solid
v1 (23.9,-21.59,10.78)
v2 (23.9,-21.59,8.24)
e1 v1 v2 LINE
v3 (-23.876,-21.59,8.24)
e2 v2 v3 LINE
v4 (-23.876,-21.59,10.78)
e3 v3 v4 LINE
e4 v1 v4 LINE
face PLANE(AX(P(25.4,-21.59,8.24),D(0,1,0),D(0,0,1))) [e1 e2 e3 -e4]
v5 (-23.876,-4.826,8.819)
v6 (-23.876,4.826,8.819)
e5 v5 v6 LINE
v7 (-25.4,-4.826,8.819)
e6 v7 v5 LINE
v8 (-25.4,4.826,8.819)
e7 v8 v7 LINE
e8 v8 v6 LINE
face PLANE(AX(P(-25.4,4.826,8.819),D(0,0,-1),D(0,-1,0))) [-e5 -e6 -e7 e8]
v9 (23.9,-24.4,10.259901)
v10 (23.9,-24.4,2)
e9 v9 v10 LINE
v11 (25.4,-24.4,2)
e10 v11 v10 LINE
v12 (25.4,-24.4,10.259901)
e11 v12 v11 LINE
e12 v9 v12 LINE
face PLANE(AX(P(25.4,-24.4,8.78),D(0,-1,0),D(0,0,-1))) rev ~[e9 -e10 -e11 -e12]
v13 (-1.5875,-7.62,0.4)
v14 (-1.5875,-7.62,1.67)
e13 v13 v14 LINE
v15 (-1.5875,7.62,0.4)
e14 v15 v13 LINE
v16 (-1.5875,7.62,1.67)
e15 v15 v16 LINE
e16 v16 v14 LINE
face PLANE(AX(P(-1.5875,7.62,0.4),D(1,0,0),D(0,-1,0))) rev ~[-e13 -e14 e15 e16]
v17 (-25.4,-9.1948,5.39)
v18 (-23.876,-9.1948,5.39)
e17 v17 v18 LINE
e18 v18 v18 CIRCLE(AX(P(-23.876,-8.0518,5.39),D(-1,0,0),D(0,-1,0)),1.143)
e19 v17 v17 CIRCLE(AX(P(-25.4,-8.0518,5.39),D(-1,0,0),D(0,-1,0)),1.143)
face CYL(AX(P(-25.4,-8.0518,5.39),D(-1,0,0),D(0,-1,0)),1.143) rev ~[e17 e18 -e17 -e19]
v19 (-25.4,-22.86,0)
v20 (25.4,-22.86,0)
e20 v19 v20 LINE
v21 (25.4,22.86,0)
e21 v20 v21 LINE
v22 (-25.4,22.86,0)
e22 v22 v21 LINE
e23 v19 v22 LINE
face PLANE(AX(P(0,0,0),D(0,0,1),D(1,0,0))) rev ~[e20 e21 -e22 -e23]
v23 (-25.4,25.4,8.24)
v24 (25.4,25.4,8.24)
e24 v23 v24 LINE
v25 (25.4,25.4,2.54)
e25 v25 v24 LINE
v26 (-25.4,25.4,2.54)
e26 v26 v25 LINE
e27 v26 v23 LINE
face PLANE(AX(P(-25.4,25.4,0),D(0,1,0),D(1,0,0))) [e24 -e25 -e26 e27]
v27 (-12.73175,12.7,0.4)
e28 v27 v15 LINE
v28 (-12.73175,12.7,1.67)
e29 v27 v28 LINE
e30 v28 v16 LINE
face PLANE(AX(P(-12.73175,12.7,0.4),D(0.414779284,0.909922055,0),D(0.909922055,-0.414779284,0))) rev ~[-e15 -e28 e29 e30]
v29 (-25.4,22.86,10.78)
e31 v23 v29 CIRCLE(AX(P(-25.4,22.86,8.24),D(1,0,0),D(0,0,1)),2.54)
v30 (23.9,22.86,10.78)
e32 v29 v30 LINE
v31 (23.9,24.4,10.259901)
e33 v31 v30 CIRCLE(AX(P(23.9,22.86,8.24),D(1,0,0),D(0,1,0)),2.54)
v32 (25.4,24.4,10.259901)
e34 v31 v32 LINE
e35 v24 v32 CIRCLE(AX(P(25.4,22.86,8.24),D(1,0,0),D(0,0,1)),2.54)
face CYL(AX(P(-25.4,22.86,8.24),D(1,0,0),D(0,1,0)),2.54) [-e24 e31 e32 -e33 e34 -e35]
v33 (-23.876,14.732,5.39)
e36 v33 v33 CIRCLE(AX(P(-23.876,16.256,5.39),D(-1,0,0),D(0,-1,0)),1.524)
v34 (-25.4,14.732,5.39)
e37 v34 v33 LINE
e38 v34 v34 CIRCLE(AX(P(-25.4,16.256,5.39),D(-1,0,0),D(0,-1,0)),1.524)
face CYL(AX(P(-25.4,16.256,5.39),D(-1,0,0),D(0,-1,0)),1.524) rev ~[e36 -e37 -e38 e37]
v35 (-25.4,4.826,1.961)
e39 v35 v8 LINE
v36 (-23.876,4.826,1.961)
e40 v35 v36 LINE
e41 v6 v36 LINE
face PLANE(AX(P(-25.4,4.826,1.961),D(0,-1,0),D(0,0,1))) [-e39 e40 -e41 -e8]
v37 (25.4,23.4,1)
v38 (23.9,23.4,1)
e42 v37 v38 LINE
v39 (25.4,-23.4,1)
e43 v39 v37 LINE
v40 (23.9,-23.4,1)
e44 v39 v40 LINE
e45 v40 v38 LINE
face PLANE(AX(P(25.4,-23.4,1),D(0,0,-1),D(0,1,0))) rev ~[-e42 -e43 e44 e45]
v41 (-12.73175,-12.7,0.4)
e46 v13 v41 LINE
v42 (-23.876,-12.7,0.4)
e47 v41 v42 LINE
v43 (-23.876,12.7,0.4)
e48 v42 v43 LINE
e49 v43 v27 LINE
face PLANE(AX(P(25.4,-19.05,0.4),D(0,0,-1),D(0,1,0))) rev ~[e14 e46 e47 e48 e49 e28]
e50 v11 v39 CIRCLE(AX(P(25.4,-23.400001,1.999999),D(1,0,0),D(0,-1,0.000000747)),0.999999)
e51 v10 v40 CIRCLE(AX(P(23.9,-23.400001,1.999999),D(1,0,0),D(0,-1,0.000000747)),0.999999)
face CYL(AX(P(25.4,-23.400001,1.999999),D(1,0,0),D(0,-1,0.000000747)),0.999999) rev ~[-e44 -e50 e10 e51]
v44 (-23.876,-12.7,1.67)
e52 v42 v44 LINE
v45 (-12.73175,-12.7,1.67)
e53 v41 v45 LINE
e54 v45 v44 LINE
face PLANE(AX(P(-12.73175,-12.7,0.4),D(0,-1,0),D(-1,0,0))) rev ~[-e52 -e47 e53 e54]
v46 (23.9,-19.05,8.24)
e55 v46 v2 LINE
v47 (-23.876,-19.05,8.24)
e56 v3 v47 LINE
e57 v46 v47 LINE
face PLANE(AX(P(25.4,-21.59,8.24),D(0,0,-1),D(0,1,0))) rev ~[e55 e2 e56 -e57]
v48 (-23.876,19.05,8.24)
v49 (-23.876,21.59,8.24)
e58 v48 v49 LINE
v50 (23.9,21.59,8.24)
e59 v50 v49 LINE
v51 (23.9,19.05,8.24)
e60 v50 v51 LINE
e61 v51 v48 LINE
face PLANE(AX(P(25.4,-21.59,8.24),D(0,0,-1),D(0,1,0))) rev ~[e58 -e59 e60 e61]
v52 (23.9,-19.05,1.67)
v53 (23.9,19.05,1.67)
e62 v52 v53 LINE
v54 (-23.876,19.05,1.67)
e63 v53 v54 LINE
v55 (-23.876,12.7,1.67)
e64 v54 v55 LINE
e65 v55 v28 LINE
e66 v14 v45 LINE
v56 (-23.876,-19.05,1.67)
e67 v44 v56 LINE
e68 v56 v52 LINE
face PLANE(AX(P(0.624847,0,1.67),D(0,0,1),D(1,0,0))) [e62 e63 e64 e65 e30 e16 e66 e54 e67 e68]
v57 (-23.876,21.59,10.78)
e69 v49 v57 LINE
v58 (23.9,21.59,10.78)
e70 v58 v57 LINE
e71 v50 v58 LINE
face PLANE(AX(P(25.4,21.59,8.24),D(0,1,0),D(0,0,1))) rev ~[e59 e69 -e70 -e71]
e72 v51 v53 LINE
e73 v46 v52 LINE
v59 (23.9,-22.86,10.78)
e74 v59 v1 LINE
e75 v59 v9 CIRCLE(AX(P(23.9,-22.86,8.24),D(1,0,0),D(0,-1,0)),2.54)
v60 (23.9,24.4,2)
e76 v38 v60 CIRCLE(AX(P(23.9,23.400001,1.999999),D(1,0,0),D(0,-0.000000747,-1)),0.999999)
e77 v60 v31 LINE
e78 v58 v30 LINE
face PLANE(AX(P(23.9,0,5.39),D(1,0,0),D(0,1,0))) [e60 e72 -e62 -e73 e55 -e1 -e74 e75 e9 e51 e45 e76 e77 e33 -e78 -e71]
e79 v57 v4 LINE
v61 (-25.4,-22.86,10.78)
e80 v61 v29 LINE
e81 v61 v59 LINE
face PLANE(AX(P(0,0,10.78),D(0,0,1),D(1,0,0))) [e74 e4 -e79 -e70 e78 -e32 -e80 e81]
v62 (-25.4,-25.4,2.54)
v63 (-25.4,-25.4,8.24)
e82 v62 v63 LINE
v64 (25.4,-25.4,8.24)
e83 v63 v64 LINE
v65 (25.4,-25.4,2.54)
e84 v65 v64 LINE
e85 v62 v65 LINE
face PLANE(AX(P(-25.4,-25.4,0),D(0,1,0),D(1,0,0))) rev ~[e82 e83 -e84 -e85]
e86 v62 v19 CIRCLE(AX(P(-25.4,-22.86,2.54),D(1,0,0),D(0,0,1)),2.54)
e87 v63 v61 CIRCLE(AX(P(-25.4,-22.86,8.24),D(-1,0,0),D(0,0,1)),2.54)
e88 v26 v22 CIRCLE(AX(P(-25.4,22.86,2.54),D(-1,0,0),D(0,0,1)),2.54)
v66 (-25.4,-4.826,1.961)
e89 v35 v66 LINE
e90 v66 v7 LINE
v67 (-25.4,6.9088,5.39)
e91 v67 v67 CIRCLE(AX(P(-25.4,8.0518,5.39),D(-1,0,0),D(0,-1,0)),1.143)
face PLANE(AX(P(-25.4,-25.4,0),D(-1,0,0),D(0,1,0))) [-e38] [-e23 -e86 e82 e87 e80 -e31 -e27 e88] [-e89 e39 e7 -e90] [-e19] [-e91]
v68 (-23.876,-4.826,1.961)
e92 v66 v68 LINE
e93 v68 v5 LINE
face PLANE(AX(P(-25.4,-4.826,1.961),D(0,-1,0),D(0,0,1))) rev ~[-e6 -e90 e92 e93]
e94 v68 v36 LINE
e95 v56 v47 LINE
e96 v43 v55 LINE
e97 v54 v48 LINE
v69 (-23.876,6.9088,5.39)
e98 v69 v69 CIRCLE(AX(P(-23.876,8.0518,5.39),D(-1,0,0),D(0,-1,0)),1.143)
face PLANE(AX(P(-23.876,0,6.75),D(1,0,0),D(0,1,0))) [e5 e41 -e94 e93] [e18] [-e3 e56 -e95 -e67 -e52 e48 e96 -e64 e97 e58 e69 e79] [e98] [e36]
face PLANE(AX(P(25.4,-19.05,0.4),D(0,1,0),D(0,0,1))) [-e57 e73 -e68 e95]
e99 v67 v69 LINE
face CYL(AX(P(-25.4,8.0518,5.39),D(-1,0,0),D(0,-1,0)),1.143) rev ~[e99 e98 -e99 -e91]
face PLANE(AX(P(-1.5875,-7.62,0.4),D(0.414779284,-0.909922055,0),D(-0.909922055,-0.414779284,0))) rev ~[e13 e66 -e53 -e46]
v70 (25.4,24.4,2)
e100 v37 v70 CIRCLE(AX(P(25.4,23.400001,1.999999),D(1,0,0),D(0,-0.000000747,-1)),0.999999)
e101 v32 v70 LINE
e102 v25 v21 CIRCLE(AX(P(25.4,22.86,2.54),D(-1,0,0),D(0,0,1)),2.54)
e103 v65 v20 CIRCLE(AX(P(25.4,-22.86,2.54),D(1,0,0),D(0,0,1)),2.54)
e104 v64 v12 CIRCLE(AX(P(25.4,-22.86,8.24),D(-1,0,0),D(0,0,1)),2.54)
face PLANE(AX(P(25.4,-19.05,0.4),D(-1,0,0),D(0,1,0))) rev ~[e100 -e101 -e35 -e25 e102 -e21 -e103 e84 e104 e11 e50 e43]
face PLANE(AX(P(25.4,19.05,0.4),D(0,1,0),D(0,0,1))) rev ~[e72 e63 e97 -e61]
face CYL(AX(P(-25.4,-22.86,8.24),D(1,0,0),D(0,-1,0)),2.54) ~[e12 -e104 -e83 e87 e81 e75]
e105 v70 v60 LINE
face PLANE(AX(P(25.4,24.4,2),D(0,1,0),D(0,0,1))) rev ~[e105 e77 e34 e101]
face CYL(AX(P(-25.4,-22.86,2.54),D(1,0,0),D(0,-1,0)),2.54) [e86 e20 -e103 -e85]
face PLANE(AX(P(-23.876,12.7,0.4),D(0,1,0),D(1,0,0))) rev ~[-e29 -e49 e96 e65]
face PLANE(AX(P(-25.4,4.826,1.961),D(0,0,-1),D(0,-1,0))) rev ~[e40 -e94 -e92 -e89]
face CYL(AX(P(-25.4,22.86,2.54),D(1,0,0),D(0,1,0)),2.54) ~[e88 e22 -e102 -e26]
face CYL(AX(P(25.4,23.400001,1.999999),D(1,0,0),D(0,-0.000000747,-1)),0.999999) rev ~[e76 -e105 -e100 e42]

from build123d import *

# Parameters (mm, degrees)
F0_W      = 50.8
F0_H      = 50.8
F1_DEPTH  = 10.78
F2_R      = 2.54
F3_W      = 38.1
F3_H      = 12.7
F4_DEPTH  = 49.276
F5_W      = 9.652
F5_H      = 6.858
F5_R      = 1.524
F5_R_2    = 1.143
F6_DEPTH  = 1.778
F8_DEPTH  = 1.27
F9_W      = 43.18
F9_H      = 2.54
F10_DEPTH = 49.276
F12_DEPTH = 1.5
F13_W     = 2.81
F13_H     = 2.54
F14_DEPTH = 1.5
F15_W     = 2.81
F15_H     = 2.54
F16_DEPTH = 1.5


with BuildPart() as f1:
    # F0 (on Top) → F1 (new body)
    with BuildSketch(Plane.XY):
        Rectangle(F0_W, F0_H)
    extrude(amount=F1_DEPTH)

    # F2
    f2_edges = [f1.edges().sort_by_distance(p)[0] for p in [
        (0, 25.4, 10.78),
        (0, -25.4, 10.78),
        (0, -25.4, 0),
        (0, 25.4, 0),
    ]]
    fillet(f2_edges, radius=F2_R)

    # F3 (on face) → F4 (cut)
    with BuildSketch(Plane.YZ.offset(25.4)):
        with Locations((0, 6.75)):
            Rectangle(F3_W, F3_H)
    extrude(amount=-F4_DEPTH, mode=Mode.SUBTRACT)

    # F5 (on face) → F6 (cut)
    with BuildSketch(Plane(origin=(-25.4, 0, 0), x_dir=(0, -1, 0), z_dir=(-1, 0, 0))):
        with Locations((0, 5.39)):
            Rectangle(F5_W, F5_H)
        with Locations((-16.256, 5.39)):
            Circle(F5_R)
        with Locations((-8.0518, 5.39)):
            Circle(F5_R_2)
        with Locations((8.0518, 5.39)):
            Circle(F5_R_2)
    extrude(amount=-F6_DEPTH, mode=Mode.SUBTRACT)

    # F7 (on face) → F8 (join)
    with BuildSketch(Plane.XY.offset(0.4)):
        Polygon((1.5875, 19.05), (-1.5875, 19.05), (-23.876, 19.05), (-23.876, 15.875), (-23.876, 12.7), (-12.73175, 12.7), (-1.5875, 7.62), (-1.5875, -7.62), (-12.73175, -12.7), (-23.876, -12.7), (-23.876, -15.875), (-23.876, -19.05), (-1.5875, -19.05), (1.5875, -19.05), (7.9375, -19.05), (11.1125, -19.05), (25.4, -19.05), (25.4, -12.7), (25.4, 19.05), (11.1125, 19.05), (7.9375, 19.05), align=None)
    extrude(amount=F8_DEPTH)

    # F9 (on face) → F10 (cut)
    with BuildSketch(Plane.YZ.offset(25.4)):
        with Locations((0, 9.51)):
            Rectangle(F9_W, F9_H)
    extrude(amount=-F10_DEPTH, mode=Mode.SUBTRACT)

    # F11 (on face) → F12 (cut)
    with BuildSketch(Plane.YZ.offset(25.4)):
        with BuildLine():
            ThreePointArc((-24.4, 2), (-24.107107, 1.292893), (-23.4, 1))
            Line((-23.4, 1), (23.4, 1))
            ThreePointArc((23.4, 1), (24.107107, 1.292893), (24.4, 2))
            Line((24.4, 2), (24.4, 8.78))
            ThreePointArc((24.4, 8.78), (24.107107, 9.487107), (23.4, 9.78))
            Line((23.4, 9.78), (-23.4, 9.78))
            ThreePointArc((-23.4, 9.78), (-24.107107, 9.487107), (-24.4, 8.78))
            Line((-24.4, 8.78), (-24.4, 2))
        make_face()
    extrude(amount=-F12_DEPTH, mode=Mode.SUBTRACT)

    # F13 (on face) → F14 (cut)
    with BuildSketch(Plane.YZ.offset(25.4)):
        with Locations((22.995, 9.51)):
            Rectangle(F13_W, F13_H)
    extrude(amount=-F14_DEPTH, mode=Mode.SUBTRACT)

    # F15 (on face) → F16 (cut)
    with BuildSketch(Plane.YZ.offset(25.4)):
        with Locations((-22.995, 9.51)):
            Rectangle(F15_W, F15_H)
    extrude(amount=-F16_DEPTH, mode=Mode.SUBTRACT)


solid = f1.part
